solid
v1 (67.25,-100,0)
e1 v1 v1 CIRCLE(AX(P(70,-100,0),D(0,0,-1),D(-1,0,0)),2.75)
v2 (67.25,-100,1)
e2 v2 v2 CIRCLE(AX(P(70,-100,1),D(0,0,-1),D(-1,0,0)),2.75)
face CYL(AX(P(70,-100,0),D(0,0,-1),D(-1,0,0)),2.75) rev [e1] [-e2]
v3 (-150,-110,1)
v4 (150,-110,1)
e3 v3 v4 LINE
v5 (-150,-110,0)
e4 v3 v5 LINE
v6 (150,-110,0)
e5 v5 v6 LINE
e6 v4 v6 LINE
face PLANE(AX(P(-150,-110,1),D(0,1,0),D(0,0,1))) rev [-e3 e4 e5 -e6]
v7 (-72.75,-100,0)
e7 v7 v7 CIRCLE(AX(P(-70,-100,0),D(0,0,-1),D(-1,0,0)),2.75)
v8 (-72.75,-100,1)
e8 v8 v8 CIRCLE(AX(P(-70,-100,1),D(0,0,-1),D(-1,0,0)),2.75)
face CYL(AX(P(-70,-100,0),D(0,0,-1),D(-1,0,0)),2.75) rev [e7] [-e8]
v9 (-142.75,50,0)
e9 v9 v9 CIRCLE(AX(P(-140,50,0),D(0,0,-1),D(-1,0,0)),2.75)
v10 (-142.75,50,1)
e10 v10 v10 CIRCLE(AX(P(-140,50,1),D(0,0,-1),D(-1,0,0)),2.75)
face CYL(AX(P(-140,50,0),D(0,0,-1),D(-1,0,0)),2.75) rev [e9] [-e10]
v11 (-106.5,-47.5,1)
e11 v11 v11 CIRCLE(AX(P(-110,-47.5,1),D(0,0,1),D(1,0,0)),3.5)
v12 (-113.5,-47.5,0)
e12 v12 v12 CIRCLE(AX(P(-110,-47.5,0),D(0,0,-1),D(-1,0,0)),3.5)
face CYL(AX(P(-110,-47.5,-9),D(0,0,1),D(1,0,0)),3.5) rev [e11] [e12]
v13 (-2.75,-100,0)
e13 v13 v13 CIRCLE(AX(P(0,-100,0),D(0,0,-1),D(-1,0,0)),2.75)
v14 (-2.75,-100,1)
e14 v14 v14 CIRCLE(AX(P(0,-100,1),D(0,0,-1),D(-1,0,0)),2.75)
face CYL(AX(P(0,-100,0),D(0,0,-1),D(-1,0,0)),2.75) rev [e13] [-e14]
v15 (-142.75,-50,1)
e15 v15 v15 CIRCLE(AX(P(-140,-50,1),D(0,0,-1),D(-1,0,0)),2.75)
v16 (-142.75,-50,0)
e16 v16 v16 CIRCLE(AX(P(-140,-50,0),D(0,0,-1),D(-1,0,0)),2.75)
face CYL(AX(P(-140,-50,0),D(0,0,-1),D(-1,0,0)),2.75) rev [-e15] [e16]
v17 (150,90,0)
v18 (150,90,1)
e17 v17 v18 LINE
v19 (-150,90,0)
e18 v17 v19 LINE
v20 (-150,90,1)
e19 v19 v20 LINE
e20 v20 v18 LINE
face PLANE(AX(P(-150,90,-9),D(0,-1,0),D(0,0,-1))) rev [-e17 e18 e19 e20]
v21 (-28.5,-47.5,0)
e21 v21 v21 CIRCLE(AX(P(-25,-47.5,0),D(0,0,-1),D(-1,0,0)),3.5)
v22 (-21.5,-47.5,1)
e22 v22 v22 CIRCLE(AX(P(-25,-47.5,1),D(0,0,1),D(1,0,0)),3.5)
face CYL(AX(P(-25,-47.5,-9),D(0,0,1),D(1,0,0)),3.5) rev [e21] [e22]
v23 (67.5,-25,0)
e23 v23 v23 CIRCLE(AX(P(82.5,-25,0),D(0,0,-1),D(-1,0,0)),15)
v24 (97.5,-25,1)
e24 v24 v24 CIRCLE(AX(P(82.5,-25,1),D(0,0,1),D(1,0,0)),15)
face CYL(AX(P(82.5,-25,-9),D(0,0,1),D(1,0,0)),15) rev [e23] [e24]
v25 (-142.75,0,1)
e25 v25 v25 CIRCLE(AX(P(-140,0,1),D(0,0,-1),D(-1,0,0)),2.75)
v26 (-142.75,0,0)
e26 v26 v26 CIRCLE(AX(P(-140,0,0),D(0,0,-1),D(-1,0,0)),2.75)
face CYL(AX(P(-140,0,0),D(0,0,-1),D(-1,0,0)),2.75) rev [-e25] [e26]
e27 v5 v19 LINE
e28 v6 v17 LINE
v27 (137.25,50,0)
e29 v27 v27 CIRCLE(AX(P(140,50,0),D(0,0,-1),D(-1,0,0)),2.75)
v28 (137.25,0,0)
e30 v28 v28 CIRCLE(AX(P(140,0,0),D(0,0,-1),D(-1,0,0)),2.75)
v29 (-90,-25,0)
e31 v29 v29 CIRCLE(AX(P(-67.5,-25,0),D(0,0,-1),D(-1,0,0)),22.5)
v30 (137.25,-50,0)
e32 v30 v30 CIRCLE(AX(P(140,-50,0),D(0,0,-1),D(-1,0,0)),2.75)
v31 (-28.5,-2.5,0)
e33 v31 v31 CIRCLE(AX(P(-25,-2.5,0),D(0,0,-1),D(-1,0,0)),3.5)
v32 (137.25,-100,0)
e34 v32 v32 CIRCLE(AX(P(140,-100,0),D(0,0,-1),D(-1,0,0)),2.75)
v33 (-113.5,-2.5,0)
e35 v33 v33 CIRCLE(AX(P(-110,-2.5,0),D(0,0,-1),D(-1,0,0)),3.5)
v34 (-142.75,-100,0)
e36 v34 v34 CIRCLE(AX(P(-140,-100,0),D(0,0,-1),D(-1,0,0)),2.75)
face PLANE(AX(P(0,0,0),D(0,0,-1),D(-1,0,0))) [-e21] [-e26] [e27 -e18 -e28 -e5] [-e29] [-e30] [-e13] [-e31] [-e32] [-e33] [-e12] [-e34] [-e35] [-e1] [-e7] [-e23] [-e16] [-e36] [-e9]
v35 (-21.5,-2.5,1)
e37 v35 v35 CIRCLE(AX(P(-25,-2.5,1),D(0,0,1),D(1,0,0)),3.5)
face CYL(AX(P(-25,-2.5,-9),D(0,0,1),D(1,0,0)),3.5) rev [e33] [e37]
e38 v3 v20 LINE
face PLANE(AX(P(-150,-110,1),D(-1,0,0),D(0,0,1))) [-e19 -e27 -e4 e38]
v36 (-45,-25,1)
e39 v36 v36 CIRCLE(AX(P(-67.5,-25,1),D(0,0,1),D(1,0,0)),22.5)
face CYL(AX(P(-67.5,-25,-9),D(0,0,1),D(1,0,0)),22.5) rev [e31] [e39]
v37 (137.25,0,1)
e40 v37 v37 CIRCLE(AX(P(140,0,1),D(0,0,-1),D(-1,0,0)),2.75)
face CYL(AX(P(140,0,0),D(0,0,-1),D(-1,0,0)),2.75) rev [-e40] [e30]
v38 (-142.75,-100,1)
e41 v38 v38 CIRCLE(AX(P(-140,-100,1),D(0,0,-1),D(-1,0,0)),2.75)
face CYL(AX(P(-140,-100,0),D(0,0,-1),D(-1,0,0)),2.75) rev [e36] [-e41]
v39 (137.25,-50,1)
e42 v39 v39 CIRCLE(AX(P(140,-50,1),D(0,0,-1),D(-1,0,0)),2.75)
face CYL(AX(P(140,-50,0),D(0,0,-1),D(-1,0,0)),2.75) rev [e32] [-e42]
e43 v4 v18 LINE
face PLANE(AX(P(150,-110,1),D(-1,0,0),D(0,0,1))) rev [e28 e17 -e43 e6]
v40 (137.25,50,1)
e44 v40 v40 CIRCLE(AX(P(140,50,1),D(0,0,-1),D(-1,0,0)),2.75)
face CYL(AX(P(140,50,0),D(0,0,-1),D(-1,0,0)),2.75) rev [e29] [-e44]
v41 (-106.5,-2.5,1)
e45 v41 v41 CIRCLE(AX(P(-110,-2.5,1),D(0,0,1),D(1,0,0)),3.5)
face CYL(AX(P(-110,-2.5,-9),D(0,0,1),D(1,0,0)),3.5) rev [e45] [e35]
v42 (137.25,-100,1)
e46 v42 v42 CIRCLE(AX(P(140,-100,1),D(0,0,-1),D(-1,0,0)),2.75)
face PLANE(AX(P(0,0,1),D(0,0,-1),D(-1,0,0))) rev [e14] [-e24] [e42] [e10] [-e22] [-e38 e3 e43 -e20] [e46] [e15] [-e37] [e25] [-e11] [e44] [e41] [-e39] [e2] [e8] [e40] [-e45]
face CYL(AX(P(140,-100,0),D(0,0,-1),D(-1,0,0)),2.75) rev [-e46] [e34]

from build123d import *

# Parameters (mm, degrees)
SKETCH_1_W          = 300
SKETCH_1_H          = 220
EXTRUDE_1_DEPTH     = 1
HOLE_WIZARD_M5_1_D  = 5.5
SKETCH_4_W          = 300
SKETCH_4_H          = 20
CUT_EXTRUDE_1_DEPTH = 10
SKETCH_5_R          = 22.5
SKETCH_5_R_2        = 15
SKETCH_5_R_3        = 3.5
CUT_EXTRUDE_2_DEPTH = 10


with BuildPart() as part:
    # 스케치1 → 보스-돌출1 (new body)
    with BuildSketch(Plane.XY):
        Rectangle(SKETCH_1_W, SKETCH_1_H)
    extrude(amount=EXTRUDE_1_DEPTH)

    # M5 여유 구멍1 (through all)
    with Locations(Plane(origin=(0, 0, 0), x_dir=(-1, 0, 0), z_dir=(0, 0, -1))):
        with Locations((-140, 100), (-70, 100), (70, 100), (0, 100), (140, 100), (140, 50), (140, -50), (140, 0), (140, -100), (-140, 50), (-140, -50), (-140, 0), (-140, -100), (-70, -100), (70, -100), (0, -100)):
            Hole(HOLE_WIZARD_M5_1_D / 2)

    # 스케치4 → 컷-돌출1 (cut)
    with BuildSketch(Plane.XY.offset(1)):
        with Locations((0, 100)):
            Rectangle(SKETCH_4_W, SKETCH_4_H)
    extrude(amount=-CUT_EXTRUDE_1_DEPTH, mode=Mode.SUBTRACT)

    # 스케치5 → 컷-돌출2 (cut)
    with BuildSketch(Plane.XY.offset(1)):
        with Locations((-67.5, -25)):
            Circle(SKETCH_5_R)
        with Locations((82.5, -25)):
            Circle(SKETCH_5_R_2)
        with Locations((-25, -47.5)):
            Circle(SKETCH_5_R_3)
        with Locations((-25, -2.5)):
            Circle(SKETCH_5_R_3)
        with Locations((-110, -47.5)):
            Circle(SKETCH_5_R_3)
        with Locations((-110, -2.5)):
            Circle(SKETCH_5_R_3)
    extrude(amount=-CUT_EXTRUDE_2_DEPTH, mode=Mode.SUBTRACT)


solid = part.part
